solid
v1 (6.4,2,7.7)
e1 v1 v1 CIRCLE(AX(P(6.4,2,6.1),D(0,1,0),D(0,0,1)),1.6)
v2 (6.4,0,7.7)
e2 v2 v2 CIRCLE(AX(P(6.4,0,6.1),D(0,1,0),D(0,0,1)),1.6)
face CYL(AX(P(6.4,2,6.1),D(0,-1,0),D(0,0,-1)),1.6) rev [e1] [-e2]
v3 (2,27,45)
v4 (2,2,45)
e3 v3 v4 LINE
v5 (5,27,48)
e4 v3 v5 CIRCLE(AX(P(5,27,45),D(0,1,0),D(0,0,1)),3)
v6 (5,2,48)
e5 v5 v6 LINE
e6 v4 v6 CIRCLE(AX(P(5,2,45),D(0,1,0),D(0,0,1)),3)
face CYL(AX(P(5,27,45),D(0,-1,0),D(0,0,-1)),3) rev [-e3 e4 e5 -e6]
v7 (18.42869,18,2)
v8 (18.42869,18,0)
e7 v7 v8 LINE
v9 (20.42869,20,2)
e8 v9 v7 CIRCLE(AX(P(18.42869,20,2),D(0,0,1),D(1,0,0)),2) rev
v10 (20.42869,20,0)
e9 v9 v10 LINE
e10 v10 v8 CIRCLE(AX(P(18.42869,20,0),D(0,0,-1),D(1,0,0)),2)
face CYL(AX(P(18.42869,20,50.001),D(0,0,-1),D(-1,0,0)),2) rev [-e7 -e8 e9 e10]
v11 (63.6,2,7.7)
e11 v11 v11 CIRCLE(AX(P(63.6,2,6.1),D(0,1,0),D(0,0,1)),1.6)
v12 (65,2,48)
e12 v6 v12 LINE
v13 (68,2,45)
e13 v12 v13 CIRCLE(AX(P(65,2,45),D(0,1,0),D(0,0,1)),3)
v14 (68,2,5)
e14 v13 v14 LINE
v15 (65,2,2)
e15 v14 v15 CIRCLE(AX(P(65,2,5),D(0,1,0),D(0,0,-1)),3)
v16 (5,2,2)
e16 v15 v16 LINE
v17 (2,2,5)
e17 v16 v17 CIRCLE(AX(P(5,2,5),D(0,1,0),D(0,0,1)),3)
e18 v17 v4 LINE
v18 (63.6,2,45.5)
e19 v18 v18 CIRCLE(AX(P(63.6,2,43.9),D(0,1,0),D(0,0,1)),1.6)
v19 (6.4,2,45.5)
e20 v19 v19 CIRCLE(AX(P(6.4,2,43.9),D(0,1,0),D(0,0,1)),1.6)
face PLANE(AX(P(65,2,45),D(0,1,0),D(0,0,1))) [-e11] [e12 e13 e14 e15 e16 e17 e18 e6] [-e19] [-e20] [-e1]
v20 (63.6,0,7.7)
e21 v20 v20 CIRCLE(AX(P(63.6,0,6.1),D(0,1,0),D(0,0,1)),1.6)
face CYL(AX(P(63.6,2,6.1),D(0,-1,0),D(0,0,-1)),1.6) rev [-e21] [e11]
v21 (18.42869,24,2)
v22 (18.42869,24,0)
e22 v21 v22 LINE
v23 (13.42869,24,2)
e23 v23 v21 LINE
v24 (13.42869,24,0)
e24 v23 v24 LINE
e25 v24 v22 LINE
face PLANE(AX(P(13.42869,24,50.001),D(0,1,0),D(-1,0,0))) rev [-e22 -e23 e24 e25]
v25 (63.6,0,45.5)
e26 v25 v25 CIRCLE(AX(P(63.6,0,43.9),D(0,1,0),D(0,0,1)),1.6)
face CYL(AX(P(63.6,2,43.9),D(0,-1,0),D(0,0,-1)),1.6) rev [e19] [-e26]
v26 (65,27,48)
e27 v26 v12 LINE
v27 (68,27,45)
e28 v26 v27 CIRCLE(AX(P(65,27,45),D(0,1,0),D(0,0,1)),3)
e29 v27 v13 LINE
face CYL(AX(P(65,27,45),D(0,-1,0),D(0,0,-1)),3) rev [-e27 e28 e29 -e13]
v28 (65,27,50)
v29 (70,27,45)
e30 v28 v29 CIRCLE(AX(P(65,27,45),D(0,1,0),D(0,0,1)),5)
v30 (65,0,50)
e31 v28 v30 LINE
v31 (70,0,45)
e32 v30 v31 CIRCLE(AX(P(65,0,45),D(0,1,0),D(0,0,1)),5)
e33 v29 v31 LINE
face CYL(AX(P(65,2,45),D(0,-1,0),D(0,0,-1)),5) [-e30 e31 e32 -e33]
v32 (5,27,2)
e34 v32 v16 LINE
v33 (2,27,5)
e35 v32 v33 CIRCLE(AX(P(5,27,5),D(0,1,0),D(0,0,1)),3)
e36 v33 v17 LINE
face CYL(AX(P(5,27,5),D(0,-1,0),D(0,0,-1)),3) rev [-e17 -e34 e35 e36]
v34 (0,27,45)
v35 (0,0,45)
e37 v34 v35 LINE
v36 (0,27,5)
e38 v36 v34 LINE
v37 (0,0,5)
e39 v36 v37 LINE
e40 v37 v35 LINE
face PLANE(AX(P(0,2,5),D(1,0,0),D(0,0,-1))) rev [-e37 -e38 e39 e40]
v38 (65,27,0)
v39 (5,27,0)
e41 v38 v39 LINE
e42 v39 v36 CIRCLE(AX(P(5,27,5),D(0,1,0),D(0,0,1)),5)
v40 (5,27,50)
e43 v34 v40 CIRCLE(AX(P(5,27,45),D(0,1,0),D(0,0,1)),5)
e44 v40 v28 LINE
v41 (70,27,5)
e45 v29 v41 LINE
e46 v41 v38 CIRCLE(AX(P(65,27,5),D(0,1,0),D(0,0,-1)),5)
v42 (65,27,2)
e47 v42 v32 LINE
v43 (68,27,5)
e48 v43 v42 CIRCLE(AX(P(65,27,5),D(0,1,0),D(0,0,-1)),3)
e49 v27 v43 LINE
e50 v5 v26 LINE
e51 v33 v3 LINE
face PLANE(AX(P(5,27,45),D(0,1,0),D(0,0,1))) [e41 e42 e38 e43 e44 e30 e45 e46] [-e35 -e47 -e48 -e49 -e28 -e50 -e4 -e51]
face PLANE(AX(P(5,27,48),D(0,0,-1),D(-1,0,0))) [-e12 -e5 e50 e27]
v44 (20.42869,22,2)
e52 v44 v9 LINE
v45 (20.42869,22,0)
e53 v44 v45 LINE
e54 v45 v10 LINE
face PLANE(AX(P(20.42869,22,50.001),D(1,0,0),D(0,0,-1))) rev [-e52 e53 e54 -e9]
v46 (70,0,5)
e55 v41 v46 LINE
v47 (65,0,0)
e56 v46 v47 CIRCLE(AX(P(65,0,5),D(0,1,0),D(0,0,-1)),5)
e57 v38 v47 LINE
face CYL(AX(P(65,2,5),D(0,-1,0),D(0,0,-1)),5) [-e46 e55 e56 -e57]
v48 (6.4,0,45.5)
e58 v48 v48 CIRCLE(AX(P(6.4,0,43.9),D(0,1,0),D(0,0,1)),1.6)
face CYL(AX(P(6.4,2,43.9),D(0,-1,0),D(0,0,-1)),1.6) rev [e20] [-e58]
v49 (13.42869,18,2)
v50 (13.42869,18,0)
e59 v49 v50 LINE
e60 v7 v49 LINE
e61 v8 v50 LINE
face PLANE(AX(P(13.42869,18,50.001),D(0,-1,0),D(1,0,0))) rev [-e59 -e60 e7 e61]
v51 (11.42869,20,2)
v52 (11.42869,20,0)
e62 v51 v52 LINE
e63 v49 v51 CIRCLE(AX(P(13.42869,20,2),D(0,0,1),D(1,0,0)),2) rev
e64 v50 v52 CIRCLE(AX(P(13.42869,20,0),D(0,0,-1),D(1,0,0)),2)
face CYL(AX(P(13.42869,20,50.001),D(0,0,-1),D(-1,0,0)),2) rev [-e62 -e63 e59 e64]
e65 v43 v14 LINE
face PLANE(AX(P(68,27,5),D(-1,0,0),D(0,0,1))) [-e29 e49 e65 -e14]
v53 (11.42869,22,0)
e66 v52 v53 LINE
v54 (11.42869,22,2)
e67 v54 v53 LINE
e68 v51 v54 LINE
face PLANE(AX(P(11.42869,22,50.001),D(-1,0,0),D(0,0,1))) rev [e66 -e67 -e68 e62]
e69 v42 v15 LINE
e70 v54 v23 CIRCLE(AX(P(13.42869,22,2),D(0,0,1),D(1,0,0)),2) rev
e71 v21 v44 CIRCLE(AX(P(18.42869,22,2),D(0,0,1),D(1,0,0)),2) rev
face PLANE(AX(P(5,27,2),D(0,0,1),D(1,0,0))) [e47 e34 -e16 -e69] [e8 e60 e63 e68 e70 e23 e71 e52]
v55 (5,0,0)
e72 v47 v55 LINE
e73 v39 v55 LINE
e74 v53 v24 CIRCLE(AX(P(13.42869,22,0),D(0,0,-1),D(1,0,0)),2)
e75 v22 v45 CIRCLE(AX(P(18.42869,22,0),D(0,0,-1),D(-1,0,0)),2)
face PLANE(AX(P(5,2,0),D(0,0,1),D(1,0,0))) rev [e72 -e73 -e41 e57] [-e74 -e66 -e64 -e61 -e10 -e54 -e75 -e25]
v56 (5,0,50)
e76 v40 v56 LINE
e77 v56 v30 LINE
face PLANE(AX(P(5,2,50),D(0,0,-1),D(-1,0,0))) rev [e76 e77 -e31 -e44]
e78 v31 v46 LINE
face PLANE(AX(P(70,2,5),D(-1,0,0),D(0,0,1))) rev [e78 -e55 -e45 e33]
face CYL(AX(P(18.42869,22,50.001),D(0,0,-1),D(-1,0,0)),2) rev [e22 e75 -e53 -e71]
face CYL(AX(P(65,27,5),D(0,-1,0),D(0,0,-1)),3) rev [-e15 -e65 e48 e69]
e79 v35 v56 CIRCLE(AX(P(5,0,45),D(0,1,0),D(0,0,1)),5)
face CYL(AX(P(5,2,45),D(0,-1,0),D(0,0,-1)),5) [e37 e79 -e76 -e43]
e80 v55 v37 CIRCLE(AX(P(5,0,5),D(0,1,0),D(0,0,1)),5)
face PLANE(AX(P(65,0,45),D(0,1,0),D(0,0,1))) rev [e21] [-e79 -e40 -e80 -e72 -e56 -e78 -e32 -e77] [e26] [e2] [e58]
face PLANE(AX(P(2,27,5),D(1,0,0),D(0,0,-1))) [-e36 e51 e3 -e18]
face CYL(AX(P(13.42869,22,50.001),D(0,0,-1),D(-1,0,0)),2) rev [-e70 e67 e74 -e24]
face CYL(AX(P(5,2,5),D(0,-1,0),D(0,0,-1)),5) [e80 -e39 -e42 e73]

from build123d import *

# Parameters (mm, degrees)
SKETCH1_R           = 1.6
BOSS_EXTRUDE2_DEPTH = 2
BOSS_EXTRUDE3_DEPTH = 25
CUT_EXTRUDE1_REACH  = 92.161


with BuildPart() as part:
    # Sketch1 → Boss-Extrude2 (new body)
    with BuildSketch(Plane(origin=(0, 0, 0), x_dir=(1, 0, 0), z_dir=(0, 1, 0))):
        with BuildLine():
            Line((5, 0), (65, 0))
            ThreePointArc((65, 0), (68.535533906, -1.464466094), (70, -5))
            Line((70, -5), (70, -45))
            ThreePointArc((70, -45), (68.535533906, -48.535533906), (65, -50))
            Line((65, -50), (5, -50))
            ThreePointArc((5, -50), (1.464466094, -48.535533906), (0, -45))
            Line((0, -45), (0, -5))
            ThreePointArc((0, -5), (1.464466094, -1.464466094), (5, 0))
        make_face()
        with Locations(Location((6.4, -6.1, 0), (0, 0, 270))):
            Circle(SKETCH1_R, mode=Mode.SUBTRACT)
        with Locations(Location((63.6, -6.1, 0), (0, 0, 270))):
            Circle(SKETCH1_R, mode=Mode.SUBTRACT)
        with Locations(Location((6.4, -43.9, 0), (0, 0, 270))):
            Circle(SKETCH1_R, mode=Mode.SUBTRACT)
        with Locations(Location((63.6, -43.9, 0), (0, 0, 270))):
            Circle(SKETCH1_R, mode=Mode.SUBTRACT)
    extrude(amount=BOSS_EXTRUDE2_DEPTH)

    # Sketch2 → Boss-Extrude3 (add)
    with BuildSketch(Plane(origin=(0, 2, 0), x_dir=(1, 0, 0), z_dir=(0, 1, 0))):
        with BuildLine():
            Line((5, 0), (65, 0))
            ThreePointArc((65, 0), (68.535533906, -1.464466094), (70, -5))
            Line((70, -5), (70, -45))
            ThreePointArc((70, -45), (68.535533906, -48.535533906), (65, -50))
            Line((65, -50), (5, -50))
            ThreePointArc((5, -50), (1.464466094, -48.535533906), (0, -45))
            Line((0, -45), (0, -5))
            ThreePointArc((0, -5), (1.464466094, -1.464466094), (5, 0))
        make_face()
        with BuildLine():
            Line((2, -5), (2, -45))
            ThreePointArc((2, -45), (2.878679656, -47.121320344), (5, -48))
            Line((5, -48), (65, -48))
            ThreePointArc((65, -48), (67.121320344, -47.121320344), (68, -45))
            Line((68, -45), (68, -5))
            ThreePointArc((68, -5), (67.121320344, -2.878679656), (65, -2))
            Line((65, -2), (5, -2))
            ThreePointArc((5, -2), (2.878679656, -2.878679656), (2, -5))
        make_face(mode=Mode.SUBTRACT)
    extrude(amount=BOSS_EXTRUDE3_DEPTH)

    # Sketch3 → Cut-Extrude1 (cut, up to next)
    with BuildSketch(Plane(origin=(0, 0, 0), x_dir=(-1, 0, 0), z_dir=(0, 0, -1)), mode=Mode.PRIVATE) as cut_extrude1_sk1:
        with BuildLine():
            Line((-13.428689643, 24), (-18.428689643, 24))
            ThreePointArc((-18.428689643, 24), (-19.842903206, 23.414213562), (-20.428689643, 22))
            Line((-20.428689643, 22), (-20.428689643, 20))
            ThreePointArc((-20.428689643, 20), (-19.842903206, 18.585786438), (-18.428689643, 18))
            Line((-18.428689643, 18), (-13.428689643, 18))
            ThreePointArc((-13.428689643, 18), (-12.014476081, 18.585786438), (-11.428689643, 20))
            Line((-11.428689643, 20), (-11.428689643, 22))
            ThreePointArc((-11.428689643, 22), (-12.014476081, 23.414213562), (-13.428689643, 24))
        make_face()
    cut_extrude1_tool1 = extrude(cut_extrude1_sk1.sketch, amount=-CUT_EXTRUDE1_REACH, mode=Mode.PRIVATE) & part.part
    add(cut_extrude1_tool1.solids().sort_by_distance((15.92869, 21, 0))[0], mode=Mode.SUBTRACT)


solid = part.part
